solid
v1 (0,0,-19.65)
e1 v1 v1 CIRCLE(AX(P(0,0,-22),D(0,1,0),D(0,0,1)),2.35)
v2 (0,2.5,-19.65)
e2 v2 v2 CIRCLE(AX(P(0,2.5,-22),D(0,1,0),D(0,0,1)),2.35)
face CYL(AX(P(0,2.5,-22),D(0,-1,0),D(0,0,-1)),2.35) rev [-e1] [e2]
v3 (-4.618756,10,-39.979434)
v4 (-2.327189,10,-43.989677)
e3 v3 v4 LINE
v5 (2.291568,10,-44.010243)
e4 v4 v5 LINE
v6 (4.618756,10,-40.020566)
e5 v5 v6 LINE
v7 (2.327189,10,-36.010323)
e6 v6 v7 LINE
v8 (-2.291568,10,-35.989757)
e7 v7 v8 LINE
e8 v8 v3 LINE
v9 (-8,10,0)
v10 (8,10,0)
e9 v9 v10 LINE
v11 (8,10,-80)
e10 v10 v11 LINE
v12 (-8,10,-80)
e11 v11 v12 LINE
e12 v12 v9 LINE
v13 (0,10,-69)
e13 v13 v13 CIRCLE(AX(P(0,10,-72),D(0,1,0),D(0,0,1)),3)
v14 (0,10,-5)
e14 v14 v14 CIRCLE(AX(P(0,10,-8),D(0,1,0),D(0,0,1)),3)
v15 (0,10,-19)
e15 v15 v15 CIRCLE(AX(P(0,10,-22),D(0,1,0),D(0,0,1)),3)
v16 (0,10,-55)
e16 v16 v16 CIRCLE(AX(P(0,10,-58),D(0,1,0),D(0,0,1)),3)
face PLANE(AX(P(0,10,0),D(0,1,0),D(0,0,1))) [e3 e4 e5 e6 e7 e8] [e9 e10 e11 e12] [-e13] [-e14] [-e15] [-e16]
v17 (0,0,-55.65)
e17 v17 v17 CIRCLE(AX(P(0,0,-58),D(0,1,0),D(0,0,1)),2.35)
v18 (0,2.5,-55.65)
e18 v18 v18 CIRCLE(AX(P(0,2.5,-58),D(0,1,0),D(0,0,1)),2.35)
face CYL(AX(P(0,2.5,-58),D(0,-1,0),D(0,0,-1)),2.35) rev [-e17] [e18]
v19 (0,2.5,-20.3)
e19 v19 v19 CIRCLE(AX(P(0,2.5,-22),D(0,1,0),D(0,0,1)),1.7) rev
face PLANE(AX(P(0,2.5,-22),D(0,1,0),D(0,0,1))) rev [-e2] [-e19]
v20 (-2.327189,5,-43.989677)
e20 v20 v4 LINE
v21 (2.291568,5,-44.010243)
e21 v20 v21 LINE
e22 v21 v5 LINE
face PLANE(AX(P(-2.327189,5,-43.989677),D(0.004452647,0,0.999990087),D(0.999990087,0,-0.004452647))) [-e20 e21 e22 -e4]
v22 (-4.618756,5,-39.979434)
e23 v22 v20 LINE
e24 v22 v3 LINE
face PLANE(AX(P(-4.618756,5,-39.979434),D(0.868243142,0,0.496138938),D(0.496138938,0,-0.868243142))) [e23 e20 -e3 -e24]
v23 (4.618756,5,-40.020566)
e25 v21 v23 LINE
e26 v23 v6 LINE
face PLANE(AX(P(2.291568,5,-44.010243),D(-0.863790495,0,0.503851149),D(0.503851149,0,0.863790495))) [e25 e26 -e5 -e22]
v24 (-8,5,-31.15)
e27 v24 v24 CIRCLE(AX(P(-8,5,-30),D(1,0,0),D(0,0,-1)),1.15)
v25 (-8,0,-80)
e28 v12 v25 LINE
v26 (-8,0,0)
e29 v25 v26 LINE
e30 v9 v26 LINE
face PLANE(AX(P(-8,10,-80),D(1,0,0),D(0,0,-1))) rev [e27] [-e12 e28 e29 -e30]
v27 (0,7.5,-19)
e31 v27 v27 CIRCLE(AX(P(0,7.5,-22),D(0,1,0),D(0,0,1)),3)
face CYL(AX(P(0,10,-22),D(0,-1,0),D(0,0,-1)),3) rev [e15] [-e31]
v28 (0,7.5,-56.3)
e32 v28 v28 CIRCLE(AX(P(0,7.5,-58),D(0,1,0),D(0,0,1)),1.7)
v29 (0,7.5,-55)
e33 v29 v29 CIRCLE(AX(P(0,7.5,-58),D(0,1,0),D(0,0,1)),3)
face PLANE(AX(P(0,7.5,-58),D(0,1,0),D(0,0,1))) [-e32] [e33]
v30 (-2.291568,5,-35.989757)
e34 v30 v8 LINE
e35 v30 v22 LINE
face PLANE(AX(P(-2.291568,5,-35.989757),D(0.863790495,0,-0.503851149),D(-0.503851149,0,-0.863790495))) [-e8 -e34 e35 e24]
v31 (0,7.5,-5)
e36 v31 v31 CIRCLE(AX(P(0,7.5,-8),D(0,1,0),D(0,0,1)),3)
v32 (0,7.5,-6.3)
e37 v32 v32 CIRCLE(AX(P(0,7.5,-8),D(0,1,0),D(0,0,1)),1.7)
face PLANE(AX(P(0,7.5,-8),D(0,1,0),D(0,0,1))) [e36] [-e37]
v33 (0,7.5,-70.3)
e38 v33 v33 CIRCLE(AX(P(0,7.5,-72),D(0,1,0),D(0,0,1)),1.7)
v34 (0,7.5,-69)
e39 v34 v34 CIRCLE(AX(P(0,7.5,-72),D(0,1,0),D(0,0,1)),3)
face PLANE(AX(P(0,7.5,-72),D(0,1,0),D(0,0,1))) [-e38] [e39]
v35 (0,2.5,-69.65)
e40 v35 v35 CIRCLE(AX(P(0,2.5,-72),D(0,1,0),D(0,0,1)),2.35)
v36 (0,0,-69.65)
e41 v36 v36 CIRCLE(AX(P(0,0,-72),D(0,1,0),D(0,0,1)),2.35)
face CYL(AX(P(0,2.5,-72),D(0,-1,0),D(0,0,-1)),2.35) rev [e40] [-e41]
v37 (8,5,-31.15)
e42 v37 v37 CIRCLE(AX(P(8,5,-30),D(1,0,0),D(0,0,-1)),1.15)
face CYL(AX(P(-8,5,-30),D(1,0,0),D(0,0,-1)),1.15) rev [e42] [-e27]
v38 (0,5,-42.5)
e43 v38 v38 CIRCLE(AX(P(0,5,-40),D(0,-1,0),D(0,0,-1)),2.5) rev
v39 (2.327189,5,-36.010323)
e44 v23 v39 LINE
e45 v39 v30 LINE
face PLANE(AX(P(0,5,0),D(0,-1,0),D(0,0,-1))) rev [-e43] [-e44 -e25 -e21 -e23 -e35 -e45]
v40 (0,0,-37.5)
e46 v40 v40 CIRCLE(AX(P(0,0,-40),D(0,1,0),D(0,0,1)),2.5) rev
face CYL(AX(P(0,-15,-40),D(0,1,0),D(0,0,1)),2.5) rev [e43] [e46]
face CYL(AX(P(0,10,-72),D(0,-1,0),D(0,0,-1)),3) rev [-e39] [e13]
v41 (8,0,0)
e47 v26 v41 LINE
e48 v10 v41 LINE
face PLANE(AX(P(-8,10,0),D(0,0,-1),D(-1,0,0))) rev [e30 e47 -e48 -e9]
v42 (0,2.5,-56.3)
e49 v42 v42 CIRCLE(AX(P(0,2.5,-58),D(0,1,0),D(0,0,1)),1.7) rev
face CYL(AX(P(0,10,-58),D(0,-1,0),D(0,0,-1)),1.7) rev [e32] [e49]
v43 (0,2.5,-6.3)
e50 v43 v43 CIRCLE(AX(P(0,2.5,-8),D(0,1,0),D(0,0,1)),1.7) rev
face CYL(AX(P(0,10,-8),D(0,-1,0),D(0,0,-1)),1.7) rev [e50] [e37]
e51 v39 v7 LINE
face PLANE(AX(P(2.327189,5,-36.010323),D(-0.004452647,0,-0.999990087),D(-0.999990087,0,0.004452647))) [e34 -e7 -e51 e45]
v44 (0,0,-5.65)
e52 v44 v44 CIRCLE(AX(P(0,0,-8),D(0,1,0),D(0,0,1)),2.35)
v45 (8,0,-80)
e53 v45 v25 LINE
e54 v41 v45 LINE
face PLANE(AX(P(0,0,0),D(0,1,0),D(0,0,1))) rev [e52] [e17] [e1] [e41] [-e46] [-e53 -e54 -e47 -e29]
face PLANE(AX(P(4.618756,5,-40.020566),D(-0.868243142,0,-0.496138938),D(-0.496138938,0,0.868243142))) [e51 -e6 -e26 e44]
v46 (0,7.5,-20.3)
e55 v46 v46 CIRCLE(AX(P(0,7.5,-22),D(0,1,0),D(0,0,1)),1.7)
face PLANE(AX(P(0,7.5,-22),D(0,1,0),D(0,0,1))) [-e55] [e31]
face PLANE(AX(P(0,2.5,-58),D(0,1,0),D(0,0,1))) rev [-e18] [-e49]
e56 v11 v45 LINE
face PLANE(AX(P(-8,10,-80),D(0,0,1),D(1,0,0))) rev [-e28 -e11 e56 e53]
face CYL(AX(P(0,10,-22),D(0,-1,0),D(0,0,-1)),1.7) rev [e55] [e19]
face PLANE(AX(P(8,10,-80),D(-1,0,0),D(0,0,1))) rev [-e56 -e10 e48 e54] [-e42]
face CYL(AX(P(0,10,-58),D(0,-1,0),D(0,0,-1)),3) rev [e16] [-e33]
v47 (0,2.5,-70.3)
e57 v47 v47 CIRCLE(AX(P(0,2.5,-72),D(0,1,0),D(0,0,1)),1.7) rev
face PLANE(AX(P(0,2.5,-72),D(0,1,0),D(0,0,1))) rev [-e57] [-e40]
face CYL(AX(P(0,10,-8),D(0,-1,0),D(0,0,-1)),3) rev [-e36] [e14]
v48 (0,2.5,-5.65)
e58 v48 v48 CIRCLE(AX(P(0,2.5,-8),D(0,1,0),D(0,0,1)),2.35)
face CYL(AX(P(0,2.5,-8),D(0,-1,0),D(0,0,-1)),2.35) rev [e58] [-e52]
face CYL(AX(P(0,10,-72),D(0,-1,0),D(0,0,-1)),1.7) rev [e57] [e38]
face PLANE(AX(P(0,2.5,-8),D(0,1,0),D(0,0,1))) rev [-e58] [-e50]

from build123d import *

# Parameters (mm, degrees)
SKETCH1_W           = 16
SKETCH1_H           = 80
BOSS_EXTRUDE1_DEPTH = 10
SKETCH2_R           = 2.35
CUT_EXTRUDE1_DEPTH  = 2.5
SKETCH2_3_R         = 1.7
CUT_EXTRUDE2_DEPTH  = 82.018516402
CUT_EXTRUDE3_START  = 7.5
SKETCH2_4_R         = 3
CUT_EXTRUDE3_DEPTH  = 74.518516402
SKETCH3_R           = 1.15
CUT_EXTRUDE4_DEPTH  = 83.194890352
CUT_EXTRUDE5_DEPTH  = 5
SKETCH6_R           = 2.5
CUT_EXTRUDE6_DEPTH  = 25


with BuildPart() as part:
    # Sketch1 → Boss-Extrude1 (new body)
    with BuildSketch(Plane(origin=(0, 0, 0), x_dir=(1, 0, 0), z_dir=(0, 1, 0))):
        with Locations((0, 40)):
            Rectangle(SKETCH1_W, SKETCH1_H)
    extrude(amount=BOSS_EXTRUDE1_DEPTH)

    # Sketch2 → Cut-Extrude1 (cut)
    with BuildSketch(Plane(origin=(0, 0, 0), x_dir=(1, 0, 0), z_dir=(0, 1, 0))):
        with Locations((0, 72)):
            Circle(SKETCH2_R)
        with Locations((0, 58)):
            Circle(SKETCH2_R)
        with Locations((0, 22)):
            Circle(SKETCH2_R)
        with Locations((0, 8)):
            Circle(SKETCH2_R)
    extrude(amount=CUT_EXTRUDE1_DEPTH, mode=Mode.SUBTRACT)

    # Sketch2<3> → Cut-Extrude2 (cut, through all)
    with BuildSketch(Plane(origin=(0, 0, 0), x_dir=(1, 0, 0), z_dir=(0, 1, 0))):
        with Locations((0, 72)):
            Circle(SKETCH2_3_R)
        with Locations((0, 58)):
            Circle(SKETCH2_3_R)
        with Locations((0, 22)):
            Circle(SKETCH2_3_R)
        with Locations((0, 8)):
            Circle(SKETCH2_3_R)
    extrude(amount=CUT_EXTRUDE2_DEPTH, mode=Mode.SUBTRACT)

    # Sketch2<4> → Cut-Extrude3 (cut, through all)
    with BuildSketch(Plane(origin=(0, 0, 0), x_dir=(1, 0, 0), z_dir=(0, 1, 0)).offset(CUT_EXTRUDE3_START)):
        with Locations((0, 72)):
            Circle(SKETCH2_4_R)
        with Locations((0, 58)):
            Circle(SKETCH2_4_R)
        with Locations((0, 22)):
            Circle(SKETCH2_4_R)
        with Locations((0, 8)):
            Circle(SKETCH2_4_R)
    extrude(amount=CUT_EXTRUDE3_DEPTH, mode=Mode.SUBTRACT)

    # Sketch3 → Cut-Extrude4 (cut, through all)
    with BuildSketch(Plane(origin=(8, 0, 0), x_dir=(0, 0, -1), z_dir=(1, 0, 0))):
        with Locations((30, 5)):
            Circle(SKETCH3_R)
    extrude(amount=-CUT_EXTRUDE4_DEPTH, mode=Mode.SUBTRACT)

    # Sketch4 → Cut-Extrude5 (cut)
    with BuildSketch(Plane.XZ.offset(-10)):
        Polygon((2.291567597, -44.010243295), (4.618756367, -40.020565894), (2.32718877, -36.010322599), (-2.291567597, -35.989756705), (-4.618756367, -39.979434106), (-2.32718877, -43.989677401), align=None)
    extrude(amount=CUT_EXTRUDE5_DEPTH, mode=Mode.SUBTRACT)

    # Sketch6 → Cut-Extrude6 (cut)
    with BuildSketch(Plane(origin=(0, 10, 0), x_dir=(-1, 0, 0), z_dir=(0, -1, 0))):
        with Locations((0, 40)):
            Circle(SKETCH6_R)
    extrude(amount=CUT_EXTRUDE6_DEPTH, mode=Mode.SUBTRACT)


solid = part.part
